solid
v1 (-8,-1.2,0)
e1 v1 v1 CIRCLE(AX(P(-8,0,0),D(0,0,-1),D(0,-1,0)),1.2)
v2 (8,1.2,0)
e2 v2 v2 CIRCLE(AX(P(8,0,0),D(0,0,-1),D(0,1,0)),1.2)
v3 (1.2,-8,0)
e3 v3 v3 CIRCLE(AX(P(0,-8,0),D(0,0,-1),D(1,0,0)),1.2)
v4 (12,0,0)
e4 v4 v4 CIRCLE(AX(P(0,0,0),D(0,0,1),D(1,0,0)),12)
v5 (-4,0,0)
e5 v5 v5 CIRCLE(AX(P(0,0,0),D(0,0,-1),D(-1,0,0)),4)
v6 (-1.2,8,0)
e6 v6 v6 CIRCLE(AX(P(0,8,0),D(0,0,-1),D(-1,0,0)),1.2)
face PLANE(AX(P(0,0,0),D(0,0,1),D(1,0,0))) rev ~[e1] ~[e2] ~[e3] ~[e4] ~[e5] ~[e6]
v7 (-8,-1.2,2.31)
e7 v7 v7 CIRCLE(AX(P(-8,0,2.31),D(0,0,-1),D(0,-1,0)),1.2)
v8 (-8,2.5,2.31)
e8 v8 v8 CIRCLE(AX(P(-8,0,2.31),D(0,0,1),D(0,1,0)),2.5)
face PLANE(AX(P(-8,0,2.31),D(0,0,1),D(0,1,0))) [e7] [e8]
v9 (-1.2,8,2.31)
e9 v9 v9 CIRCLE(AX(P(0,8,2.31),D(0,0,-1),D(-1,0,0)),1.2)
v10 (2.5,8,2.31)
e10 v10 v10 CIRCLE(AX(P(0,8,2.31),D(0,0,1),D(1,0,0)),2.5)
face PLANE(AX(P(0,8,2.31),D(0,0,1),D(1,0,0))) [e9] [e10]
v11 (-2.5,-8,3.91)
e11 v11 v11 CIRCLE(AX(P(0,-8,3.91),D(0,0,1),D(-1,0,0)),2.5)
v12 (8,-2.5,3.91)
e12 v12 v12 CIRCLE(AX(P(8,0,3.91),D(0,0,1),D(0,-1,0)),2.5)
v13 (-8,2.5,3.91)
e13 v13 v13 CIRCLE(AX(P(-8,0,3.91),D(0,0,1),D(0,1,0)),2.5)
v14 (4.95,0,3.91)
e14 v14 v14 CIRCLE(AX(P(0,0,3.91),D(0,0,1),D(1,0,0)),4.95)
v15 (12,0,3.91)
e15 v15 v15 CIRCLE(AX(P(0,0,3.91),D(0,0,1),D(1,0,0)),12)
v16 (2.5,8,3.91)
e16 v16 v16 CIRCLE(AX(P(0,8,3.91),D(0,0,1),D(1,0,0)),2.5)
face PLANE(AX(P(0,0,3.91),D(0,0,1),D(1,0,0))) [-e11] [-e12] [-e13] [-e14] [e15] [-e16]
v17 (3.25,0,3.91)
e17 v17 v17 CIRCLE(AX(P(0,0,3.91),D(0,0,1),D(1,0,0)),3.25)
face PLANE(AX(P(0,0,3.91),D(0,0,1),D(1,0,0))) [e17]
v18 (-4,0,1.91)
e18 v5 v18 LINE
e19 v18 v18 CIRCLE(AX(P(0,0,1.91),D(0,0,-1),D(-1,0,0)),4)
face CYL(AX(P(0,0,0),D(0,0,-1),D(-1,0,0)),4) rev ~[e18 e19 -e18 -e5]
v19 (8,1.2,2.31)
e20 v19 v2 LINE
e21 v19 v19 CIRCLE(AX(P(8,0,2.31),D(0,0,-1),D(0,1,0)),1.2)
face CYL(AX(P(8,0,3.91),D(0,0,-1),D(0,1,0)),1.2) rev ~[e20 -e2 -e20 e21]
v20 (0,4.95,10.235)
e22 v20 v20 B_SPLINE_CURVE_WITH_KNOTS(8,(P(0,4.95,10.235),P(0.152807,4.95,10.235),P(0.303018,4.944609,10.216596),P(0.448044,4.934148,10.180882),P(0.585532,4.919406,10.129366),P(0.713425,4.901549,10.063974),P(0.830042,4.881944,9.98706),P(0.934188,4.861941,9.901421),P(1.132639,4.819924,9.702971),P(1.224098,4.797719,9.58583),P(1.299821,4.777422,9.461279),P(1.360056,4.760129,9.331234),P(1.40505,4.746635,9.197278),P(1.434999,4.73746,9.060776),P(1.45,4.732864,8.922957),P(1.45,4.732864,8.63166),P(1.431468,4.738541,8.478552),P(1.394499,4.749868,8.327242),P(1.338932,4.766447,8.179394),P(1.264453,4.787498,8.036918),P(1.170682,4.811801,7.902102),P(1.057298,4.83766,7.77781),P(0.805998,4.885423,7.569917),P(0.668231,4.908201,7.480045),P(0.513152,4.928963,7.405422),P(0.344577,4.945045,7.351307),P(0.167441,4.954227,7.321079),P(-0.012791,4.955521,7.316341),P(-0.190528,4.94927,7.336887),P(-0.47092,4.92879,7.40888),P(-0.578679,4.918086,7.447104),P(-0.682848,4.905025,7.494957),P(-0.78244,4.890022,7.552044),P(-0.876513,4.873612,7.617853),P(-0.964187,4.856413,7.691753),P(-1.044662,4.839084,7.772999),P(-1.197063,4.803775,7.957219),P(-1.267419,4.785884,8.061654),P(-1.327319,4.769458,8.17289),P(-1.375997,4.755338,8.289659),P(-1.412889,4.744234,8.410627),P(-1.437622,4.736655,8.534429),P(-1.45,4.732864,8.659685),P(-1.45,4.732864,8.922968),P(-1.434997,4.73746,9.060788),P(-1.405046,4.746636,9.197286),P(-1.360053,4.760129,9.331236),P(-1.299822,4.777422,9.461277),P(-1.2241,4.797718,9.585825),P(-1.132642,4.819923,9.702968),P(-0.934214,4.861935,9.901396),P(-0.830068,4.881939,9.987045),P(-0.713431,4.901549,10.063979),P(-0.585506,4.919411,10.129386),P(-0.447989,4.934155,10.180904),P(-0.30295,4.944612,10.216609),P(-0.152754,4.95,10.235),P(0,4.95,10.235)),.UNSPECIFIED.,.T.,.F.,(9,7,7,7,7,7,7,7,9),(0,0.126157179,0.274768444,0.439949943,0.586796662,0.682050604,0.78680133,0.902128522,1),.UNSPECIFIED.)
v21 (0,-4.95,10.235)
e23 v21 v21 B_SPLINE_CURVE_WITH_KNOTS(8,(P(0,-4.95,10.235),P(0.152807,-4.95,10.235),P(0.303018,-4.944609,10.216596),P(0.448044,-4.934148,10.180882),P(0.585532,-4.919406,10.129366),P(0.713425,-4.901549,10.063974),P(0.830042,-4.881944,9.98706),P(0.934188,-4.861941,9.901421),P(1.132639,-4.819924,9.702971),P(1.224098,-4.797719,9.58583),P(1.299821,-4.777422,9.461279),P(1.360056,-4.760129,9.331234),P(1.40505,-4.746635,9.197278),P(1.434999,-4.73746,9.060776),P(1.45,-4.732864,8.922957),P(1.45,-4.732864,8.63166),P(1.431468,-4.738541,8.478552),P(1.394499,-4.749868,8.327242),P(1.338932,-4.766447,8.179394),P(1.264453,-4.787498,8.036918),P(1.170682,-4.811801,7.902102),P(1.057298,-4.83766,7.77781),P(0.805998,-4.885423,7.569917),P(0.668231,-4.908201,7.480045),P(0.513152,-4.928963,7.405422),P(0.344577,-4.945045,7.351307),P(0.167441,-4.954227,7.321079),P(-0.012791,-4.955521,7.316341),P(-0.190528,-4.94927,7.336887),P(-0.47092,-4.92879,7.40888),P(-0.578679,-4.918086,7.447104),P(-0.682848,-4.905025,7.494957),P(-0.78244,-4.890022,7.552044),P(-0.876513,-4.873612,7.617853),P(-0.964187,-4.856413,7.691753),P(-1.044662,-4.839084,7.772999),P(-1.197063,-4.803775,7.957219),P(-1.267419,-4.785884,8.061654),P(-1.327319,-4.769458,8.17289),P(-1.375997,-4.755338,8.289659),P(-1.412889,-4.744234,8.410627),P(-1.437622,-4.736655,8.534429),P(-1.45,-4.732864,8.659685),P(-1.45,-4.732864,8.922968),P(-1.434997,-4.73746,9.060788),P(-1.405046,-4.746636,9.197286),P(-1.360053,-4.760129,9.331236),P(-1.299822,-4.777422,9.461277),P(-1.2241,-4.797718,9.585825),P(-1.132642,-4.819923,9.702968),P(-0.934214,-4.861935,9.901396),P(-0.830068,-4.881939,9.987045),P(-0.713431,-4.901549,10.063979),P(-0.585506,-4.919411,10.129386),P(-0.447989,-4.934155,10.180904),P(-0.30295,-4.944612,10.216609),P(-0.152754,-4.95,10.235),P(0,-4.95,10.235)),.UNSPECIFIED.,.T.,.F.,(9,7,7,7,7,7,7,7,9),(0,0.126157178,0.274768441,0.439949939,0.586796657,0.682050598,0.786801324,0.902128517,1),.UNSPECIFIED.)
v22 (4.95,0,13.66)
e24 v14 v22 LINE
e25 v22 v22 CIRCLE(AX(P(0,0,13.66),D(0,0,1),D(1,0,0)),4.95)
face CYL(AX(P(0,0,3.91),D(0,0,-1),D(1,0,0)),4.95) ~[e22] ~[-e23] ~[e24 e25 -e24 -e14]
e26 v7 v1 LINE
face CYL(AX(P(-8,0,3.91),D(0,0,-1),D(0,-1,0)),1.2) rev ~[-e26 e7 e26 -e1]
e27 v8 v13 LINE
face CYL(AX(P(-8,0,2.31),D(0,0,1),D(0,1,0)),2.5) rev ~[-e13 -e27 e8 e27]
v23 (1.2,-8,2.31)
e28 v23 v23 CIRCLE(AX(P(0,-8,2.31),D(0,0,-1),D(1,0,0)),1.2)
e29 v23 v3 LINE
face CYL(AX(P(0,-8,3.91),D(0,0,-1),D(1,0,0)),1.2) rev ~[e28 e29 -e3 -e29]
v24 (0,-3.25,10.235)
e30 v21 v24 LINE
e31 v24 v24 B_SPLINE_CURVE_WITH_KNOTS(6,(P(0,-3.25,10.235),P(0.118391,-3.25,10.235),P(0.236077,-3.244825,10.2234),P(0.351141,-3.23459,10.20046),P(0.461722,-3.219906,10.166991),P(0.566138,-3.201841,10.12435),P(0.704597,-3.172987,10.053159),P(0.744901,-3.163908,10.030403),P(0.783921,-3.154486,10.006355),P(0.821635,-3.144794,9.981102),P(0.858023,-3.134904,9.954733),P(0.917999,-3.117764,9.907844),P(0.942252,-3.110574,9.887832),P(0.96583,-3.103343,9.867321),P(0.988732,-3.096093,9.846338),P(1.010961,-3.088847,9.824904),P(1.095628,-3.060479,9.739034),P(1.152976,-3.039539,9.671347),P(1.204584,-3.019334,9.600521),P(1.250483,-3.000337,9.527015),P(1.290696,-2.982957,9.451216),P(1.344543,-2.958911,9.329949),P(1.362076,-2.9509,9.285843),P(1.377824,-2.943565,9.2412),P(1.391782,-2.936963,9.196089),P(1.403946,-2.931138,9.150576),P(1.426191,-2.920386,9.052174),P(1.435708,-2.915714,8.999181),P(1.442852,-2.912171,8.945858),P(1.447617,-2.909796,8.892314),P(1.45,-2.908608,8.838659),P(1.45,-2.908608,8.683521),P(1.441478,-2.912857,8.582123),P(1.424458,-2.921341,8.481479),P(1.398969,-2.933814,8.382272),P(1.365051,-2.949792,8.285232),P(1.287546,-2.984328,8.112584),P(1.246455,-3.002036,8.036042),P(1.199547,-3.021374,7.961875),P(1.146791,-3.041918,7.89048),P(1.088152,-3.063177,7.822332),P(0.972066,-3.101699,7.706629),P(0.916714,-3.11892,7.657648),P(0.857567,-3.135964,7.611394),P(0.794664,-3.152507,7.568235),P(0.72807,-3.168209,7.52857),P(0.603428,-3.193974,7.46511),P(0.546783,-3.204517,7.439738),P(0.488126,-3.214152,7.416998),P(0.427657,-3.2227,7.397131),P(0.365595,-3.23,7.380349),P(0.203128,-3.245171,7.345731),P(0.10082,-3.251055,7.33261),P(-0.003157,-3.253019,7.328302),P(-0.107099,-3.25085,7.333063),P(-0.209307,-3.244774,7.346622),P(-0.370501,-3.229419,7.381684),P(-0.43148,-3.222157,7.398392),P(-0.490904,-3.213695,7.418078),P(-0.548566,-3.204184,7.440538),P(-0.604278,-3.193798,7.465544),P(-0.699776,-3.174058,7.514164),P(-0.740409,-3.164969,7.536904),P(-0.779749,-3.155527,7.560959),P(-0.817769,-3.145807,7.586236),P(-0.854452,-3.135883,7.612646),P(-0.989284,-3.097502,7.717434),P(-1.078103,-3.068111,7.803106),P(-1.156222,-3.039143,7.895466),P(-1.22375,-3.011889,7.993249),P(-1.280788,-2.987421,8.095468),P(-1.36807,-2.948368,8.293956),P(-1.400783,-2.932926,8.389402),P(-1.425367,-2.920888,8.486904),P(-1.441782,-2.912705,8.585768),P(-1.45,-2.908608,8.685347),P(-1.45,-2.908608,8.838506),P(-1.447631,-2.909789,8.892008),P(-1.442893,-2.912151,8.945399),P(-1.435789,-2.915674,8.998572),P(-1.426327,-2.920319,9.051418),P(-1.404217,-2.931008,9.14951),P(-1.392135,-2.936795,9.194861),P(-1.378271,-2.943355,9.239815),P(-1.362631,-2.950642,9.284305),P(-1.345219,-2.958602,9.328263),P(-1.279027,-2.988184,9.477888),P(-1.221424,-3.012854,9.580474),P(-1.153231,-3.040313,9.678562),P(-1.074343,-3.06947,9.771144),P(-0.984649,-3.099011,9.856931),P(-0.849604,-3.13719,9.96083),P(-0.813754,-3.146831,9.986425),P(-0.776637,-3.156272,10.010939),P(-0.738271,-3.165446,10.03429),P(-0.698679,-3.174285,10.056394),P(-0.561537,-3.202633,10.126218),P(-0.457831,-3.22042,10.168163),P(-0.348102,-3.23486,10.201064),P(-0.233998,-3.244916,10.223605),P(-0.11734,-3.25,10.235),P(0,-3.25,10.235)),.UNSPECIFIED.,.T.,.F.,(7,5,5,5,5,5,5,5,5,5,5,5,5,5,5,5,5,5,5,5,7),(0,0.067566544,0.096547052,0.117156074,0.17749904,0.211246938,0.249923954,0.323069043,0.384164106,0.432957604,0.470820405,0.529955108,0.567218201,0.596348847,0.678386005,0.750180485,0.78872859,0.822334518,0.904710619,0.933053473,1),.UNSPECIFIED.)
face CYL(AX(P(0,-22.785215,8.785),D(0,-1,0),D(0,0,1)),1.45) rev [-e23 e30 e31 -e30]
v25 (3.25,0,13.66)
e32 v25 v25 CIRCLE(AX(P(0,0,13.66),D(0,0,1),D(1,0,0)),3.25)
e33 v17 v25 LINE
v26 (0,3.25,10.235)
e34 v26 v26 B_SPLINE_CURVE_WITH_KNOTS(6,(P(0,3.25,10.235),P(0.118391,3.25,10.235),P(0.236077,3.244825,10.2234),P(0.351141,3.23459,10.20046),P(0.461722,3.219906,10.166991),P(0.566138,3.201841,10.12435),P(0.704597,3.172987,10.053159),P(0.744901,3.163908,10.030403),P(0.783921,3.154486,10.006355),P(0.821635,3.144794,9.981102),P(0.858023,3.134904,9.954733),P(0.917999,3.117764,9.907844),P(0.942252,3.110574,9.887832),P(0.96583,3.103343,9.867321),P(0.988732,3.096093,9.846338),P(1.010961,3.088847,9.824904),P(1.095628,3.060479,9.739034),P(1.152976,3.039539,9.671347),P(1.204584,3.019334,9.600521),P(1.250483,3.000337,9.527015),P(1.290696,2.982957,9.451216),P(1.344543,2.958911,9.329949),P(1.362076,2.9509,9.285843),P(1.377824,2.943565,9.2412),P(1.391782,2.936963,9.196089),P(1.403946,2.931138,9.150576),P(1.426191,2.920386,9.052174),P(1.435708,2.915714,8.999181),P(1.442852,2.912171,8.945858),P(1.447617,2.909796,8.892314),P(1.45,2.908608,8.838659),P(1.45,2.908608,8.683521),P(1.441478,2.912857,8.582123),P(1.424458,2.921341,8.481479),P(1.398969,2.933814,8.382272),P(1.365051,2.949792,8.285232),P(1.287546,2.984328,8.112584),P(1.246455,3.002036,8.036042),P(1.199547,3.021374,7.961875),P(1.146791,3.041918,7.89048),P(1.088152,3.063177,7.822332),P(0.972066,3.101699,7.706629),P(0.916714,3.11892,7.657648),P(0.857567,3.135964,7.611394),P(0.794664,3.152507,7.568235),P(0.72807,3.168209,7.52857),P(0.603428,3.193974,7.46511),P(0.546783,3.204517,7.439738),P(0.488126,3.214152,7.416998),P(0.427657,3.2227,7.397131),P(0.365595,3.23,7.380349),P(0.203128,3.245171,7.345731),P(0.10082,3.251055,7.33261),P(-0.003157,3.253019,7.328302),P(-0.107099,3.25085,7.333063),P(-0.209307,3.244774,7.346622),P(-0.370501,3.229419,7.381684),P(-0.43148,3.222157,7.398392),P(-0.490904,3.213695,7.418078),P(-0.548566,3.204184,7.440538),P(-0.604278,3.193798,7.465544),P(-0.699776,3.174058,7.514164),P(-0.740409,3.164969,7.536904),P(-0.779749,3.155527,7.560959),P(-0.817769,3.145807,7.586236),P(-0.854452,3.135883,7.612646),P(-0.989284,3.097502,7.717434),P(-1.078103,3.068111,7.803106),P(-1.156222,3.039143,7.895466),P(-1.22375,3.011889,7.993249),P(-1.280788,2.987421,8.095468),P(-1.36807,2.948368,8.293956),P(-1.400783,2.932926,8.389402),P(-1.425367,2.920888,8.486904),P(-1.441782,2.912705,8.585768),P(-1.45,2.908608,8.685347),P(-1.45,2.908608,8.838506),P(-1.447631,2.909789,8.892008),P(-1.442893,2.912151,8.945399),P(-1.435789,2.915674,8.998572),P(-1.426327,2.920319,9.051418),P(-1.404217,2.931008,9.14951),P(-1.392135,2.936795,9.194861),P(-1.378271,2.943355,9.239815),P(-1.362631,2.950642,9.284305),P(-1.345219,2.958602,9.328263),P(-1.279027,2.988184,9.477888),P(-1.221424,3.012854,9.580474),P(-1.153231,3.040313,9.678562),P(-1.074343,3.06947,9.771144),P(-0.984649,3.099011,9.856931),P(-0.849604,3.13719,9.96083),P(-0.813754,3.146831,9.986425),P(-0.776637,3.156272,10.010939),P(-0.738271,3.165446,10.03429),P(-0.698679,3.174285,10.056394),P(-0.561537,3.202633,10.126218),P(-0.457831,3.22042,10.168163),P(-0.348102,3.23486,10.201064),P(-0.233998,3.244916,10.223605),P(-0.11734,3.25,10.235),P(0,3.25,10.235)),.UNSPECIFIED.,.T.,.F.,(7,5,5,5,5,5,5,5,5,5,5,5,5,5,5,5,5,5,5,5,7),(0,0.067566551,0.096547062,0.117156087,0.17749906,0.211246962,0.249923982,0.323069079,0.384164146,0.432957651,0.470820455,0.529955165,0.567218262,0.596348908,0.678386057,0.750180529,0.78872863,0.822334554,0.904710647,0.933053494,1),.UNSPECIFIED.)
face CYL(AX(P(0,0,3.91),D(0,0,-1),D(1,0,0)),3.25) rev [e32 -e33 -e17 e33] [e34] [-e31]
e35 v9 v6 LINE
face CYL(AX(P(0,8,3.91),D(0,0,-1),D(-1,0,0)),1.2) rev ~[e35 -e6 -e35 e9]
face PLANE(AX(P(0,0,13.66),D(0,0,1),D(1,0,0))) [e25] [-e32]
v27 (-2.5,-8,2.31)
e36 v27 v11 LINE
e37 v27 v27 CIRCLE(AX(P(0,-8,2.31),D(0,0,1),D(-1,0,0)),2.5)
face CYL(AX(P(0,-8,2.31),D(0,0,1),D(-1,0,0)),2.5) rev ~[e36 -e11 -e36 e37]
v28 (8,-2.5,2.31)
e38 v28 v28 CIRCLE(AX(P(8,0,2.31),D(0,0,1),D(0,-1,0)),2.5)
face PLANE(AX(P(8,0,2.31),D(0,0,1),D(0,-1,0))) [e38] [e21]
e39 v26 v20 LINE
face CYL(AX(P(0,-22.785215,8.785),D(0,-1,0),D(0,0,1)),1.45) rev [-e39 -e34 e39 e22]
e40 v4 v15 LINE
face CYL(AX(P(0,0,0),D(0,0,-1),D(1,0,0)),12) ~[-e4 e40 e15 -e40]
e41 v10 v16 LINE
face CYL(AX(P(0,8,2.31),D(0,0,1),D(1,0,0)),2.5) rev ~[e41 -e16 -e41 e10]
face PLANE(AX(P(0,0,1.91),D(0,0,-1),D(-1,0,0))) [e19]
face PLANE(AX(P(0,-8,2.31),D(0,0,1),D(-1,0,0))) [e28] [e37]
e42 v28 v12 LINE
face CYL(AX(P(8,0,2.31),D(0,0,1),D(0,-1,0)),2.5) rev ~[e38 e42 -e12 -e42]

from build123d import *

# Parameters (mm, degrees)
ESQUISSE1_R                                        = 12
BOSS_EXTRU_1_DEPTH                                 = 3.91
ESQUISSE6_R                                        = 4
ENL_V_MAT_EXTRU_2_DEPTH                            = 1.91
ESQUISSE7_R                                        = 4.95
ESQUISSE7_R_2                                      = 3.25
BOSS_EXTRU_2_DEPTH                                 = 9.75
CHAMBRAGE_POUR_VIS_T_TE_RONDE_BOMB_E_M_D           = 2.4
CHAMBRAGE_POUR_VIS_T_TE_RONDE_BOMB_E_M_CBORE_D     = 5
CHAMBRAGE_POUR_VIS_T_TE_RONDE_BOMB_E_M_CBORE_DEPTH = 1.6
R_P_TITION_CIRCULAIRE2_COUNT                       = 4
ENL_V_MAT_EXTRU_3_DEPTH                            = 22.78521517
ENL_V_MAT_EXTRU_3_DEPTH_BACK                       = 22.78521517
ESQUISSE12_R                                       = 1.45


with BuildPart() as part:
    # Esquisse1 → Boss.-Extru.1 (new body)
    with BuildSketch(Plane.XY):
        Circle(ESQUISSE1_R)
    extrude(amount=BOSS_EXTRU_1_DEPTH)

    # Esquisse6 → Enlèv. mat.-Extru.2 (cut)
    with BuildSketch(Plane(origin=(0, 0, 0), x_dir=(-1, 0, 0), z_dir=(0, 0, -1))):
        Circle(ESQUISSE6_R)
    extrude(amount=-ENL_V_MAT_EXTRU_2_DEPTH, mode=Mode.SUBTRACT)

    # Esquisse7 → Boss.-Extru.2 (add)
    with BuildSketch(Plane.XY.offset(3.91)):
        Circle(ESQUISSE7_R)
        Circle(ESQUISSE7_R_2, mode=Mode.SUBTRACT)
    extrude(amount=BOSS_EXTRU_2_DEPTH)

    # Chambrage pour vis à tête ronde bombée M21 (through all)
    with Locations(Plane.XY.offset(3.91)):
        with Locations((0, 8)):
            chambrage_pour_vis_t_te_ronde_bomb_e_m = CounterBoreHole(CHAMBRAGE_POUR_VIS_T_TE_RONDE_BOMB_E_M_D / 2, CHAMBRAGE_POUR_VIS_T_TE_RONDE_BOMB_E_M_CBORE_D / 2, CHAMBRAGE_POUR_VIS_T_TE_RONDE_BOMB_E_M_CBORE_DEPTH)

    # Répétition circulaire2: Chambrage pour vis à tête ronde bombée M21 ×4 about axis
    r_p_tition_circulaire2_axis = Axis((0, 0, 0), (0, 0, 1))
    for i in range(1, R_P_TITION_CIRCULAIRE2_COUNT):
        add(chambrage_pour_vis_t_te_ronde_bomb_e_m.rotate(r_p_tition_circulaire2_axis, i * 360 / R_P_TITION_CIRCULAIRE2_COUNT), mode=Mode.SUBTRACT)

    # Esquisse12 → Enlèv. mat.-Extru.3 (cut, two sides: drawn at the far end of the back side and taken through both)
    with BuildSketch(Plane(origin=(0, 0, 0), x_dir=(1, 0, 0), z_dir=(0, 1, 0)).offset(-ENL_V_MAT_EXTRU_3_DEPTH_BACK)):
        with Locations(Location((0, -8.785, 0), (0, 0, 270))):
            Circle(ESQUISSE12_R)
    extrude(amount=ENL_V_MAT_EXTRU_3_DEPTH + ENL_V_MAT_EXTRU_3_DEPTH_BACK, mode=Mode.SUBTRACT)


solid = part.part
